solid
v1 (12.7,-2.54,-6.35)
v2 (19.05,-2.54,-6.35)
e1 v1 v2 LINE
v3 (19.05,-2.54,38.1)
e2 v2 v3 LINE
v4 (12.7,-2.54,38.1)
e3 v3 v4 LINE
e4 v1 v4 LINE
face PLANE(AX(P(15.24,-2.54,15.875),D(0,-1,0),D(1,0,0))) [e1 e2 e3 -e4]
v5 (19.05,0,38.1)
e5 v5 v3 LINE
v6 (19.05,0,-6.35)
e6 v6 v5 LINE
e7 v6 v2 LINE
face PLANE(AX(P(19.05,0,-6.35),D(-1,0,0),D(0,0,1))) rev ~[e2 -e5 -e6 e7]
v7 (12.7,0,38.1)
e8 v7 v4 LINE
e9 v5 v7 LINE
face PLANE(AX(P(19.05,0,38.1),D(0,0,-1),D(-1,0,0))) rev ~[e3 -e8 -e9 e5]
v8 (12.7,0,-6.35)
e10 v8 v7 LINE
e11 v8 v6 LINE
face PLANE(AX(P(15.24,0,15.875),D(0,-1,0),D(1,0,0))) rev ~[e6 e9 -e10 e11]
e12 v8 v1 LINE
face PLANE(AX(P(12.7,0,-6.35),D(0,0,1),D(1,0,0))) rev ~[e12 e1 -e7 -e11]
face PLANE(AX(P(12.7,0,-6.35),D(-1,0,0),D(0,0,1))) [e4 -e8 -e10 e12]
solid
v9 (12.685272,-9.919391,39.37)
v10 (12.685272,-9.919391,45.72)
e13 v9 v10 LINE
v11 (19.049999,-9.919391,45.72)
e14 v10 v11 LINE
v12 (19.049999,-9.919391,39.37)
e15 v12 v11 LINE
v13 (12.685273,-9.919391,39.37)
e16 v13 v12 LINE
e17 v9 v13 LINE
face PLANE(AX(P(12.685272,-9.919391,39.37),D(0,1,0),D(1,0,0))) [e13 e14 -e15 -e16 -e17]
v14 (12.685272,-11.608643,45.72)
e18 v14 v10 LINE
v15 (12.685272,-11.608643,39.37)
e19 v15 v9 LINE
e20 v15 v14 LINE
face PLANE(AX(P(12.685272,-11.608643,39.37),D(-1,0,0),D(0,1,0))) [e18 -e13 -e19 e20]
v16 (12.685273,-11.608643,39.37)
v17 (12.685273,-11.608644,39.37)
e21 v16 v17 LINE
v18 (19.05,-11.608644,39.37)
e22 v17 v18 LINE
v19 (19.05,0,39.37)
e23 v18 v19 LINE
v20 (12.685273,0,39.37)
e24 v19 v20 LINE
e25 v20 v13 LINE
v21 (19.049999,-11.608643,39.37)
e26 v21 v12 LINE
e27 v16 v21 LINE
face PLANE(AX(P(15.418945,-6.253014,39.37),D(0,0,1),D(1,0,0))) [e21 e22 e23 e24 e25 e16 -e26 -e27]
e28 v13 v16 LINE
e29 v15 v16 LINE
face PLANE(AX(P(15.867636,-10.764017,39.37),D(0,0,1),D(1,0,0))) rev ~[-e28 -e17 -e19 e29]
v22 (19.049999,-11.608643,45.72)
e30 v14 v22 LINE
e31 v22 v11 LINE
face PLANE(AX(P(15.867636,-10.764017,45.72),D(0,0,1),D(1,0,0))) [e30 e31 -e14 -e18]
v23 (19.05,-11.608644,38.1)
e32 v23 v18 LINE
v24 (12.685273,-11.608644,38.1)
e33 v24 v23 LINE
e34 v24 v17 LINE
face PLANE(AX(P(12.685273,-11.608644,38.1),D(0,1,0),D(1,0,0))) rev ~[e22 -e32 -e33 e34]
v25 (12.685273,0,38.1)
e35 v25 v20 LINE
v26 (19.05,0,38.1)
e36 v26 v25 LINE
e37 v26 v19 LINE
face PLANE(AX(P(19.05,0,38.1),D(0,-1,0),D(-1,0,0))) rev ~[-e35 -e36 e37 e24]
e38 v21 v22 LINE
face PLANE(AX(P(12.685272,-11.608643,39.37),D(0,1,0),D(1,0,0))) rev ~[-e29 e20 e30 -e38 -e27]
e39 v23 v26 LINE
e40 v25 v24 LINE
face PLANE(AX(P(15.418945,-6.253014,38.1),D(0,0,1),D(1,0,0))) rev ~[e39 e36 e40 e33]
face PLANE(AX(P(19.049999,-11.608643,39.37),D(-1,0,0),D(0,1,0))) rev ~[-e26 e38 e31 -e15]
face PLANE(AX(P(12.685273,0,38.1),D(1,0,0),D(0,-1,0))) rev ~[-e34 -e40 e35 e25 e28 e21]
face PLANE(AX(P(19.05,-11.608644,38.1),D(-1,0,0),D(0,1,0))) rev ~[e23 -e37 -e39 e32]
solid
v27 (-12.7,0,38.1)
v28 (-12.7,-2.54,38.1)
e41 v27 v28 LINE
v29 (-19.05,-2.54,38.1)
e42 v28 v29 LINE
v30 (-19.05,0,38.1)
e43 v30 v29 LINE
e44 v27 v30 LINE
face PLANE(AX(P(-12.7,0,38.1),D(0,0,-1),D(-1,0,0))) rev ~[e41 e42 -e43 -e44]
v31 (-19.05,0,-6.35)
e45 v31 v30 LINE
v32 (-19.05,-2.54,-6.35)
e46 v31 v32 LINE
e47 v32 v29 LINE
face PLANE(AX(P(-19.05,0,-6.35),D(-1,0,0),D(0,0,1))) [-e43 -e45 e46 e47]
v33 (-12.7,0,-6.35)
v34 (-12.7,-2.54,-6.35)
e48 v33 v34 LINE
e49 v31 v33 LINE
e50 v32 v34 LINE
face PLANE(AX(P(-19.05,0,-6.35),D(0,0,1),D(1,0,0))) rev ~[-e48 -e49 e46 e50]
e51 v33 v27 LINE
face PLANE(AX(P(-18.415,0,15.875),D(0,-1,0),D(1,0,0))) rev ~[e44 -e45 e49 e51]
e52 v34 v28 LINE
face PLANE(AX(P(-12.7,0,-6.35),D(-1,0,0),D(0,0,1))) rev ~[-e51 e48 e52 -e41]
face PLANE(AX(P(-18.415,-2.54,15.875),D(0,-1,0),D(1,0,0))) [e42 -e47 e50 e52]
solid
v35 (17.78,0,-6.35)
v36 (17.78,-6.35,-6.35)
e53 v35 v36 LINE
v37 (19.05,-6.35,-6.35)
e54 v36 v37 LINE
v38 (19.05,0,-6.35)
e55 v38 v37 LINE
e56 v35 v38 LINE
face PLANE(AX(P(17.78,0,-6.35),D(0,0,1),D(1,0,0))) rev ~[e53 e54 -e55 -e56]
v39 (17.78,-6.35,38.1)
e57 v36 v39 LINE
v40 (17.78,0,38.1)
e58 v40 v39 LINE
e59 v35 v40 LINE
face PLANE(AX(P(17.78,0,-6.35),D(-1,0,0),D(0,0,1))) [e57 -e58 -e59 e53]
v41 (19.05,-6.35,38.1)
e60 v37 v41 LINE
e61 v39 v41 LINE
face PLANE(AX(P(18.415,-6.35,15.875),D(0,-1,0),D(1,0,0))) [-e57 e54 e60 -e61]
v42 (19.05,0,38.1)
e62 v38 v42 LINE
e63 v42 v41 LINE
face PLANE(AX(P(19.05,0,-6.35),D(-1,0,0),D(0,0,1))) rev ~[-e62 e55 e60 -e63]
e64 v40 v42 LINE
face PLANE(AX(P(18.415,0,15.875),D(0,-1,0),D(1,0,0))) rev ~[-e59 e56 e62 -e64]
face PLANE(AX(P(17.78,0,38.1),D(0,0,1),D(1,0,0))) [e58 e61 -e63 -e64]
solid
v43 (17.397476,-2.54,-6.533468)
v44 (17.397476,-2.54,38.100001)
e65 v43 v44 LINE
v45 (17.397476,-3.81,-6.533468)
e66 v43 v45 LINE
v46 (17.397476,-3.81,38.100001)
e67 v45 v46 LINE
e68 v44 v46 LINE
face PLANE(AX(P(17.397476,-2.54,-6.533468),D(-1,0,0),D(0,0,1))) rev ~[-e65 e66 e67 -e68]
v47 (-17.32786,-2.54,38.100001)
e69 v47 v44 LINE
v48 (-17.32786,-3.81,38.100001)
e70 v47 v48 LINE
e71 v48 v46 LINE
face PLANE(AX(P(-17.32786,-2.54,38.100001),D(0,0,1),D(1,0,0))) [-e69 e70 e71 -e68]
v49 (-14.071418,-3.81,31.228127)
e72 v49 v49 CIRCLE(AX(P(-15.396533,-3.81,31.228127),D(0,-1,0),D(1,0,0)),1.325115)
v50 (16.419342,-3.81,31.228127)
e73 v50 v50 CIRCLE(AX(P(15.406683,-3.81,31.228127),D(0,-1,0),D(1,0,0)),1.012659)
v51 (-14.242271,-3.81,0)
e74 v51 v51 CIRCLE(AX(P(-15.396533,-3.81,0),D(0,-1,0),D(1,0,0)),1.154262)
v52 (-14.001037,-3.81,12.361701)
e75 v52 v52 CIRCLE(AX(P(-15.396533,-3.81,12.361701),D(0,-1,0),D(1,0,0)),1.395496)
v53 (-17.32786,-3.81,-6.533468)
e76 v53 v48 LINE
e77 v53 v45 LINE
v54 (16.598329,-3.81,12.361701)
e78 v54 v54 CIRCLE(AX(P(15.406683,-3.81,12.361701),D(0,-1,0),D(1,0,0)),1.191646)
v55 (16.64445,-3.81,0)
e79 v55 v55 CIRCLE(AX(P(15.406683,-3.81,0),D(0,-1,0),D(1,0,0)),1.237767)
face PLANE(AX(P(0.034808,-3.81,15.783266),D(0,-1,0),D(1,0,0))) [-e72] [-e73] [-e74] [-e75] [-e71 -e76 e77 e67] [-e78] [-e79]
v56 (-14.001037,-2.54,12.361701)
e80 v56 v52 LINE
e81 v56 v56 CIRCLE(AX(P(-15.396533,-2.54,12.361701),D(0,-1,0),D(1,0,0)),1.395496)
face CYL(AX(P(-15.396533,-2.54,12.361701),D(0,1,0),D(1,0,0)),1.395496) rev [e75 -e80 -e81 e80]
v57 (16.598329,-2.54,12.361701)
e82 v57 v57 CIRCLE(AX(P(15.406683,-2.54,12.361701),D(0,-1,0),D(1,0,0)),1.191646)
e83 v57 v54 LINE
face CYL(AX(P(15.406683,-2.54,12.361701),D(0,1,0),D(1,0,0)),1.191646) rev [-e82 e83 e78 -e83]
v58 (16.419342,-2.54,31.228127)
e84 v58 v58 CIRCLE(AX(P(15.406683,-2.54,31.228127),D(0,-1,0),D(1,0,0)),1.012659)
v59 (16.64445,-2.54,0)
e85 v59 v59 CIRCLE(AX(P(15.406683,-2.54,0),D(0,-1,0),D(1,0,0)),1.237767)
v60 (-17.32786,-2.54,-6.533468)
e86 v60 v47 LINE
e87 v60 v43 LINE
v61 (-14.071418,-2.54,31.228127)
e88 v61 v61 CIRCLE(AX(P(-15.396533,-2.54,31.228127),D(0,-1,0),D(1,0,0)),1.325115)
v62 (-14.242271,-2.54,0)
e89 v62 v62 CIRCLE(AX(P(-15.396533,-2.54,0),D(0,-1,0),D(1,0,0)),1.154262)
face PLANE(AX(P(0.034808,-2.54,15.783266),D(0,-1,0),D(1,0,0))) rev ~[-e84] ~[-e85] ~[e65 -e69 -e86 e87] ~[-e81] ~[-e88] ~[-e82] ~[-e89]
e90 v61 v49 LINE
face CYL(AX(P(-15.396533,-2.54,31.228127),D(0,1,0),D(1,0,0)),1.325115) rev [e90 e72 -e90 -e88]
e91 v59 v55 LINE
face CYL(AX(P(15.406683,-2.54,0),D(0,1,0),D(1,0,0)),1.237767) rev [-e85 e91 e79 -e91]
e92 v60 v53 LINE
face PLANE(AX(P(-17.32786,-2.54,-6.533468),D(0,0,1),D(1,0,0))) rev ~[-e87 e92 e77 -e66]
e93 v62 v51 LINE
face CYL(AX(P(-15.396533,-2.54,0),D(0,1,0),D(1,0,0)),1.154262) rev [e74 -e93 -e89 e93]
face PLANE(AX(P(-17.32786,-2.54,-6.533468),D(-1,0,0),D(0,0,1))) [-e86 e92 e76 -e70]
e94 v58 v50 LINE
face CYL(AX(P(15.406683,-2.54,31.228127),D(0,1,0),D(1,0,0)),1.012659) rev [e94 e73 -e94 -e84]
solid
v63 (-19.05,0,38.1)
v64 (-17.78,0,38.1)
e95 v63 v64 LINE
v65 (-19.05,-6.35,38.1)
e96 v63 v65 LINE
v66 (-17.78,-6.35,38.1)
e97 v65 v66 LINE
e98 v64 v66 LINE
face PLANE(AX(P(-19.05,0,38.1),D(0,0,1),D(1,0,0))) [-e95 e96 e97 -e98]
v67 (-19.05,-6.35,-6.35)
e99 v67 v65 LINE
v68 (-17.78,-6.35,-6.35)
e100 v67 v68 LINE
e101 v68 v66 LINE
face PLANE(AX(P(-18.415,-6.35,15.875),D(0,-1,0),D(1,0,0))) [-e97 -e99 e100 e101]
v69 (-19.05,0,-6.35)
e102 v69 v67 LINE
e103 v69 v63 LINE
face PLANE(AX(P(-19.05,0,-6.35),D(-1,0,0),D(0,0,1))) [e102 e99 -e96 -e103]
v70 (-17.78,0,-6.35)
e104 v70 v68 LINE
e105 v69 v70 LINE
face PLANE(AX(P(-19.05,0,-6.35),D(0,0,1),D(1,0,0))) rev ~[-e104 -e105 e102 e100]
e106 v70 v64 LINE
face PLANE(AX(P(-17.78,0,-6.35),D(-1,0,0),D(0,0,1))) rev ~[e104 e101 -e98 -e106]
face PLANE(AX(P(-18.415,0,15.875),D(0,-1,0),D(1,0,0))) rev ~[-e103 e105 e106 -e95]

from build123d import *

# Parameters (mm, degrees)
F0_W     = 1.27
F0_H     = 44.45
F1_DEPTH = 6.35
F0_W_2   = 5.08
F2_DEPTH = 2.54
F3_W     = 34.725336
F3_H     = 44.633469
F3_R     = 1.154262
F3_R_2   = 1.395496
F3_R_3   = 1.237767
F3_R_4   = 1.191646
F3_R_5   = 1.325115
F3_R_6   = 1.012659
F4_DEPTH = 1.27
F5_W     = 6.35
F5_H     = 2.54
F6_DEPTH = 1.27
F7_W     = 6.364727
F7_H     = 1.689253
F8_DEPTH = 6.35


with BuildPart() as f1:
    # F0 (on Front) → F1 (new body)
    with BuildSketch(Plane.XZ):
        with Locations((-18.415, 15.875)):
            Rectangle(F0_W, F0_H)
        with Locations((18.415, 15.875)):
            Rectangle(F0_W, F0_H)
    extrude(amount=F1_DEPTH)


with BuildPart() as f2:
    # F0 (on Front) → F2 (new body)
    with BuildSketch(Plane.XZ):
        with Locations((-18.415, 15.875)):
            Rectangle(F0_W, F0_H)
        with Locations((-15.24, 15.875)):
            Rectangle(F0_W_2, F0_H)
        with Locations((15.24, 15.875)):
            Rectangle(F0_W_2, F0_H)
        with Locations((18.415, 15.875)):
            Rectangle(F0_W, F0_H)
    extrude(amount=F2_DEPTH)


with BuildPart() as f4:
    # F3 (on face) → F4 (new body)
    with BuildSketch(Plane.XZ.offset(2.54)):
        with Locations((0.034808, 15.783266)):
            Rectangle(F3_W, F3_H)
        with Locations((-15.396533, 0)):
            Circle(F3_R, mode=Mode.SUBTRACT)
        with Locations((-15.396533, 12.361701)):
            Circle(F3_R_2, mode=Mode.SUBTRACT)
        with Locations((15.406683, 0)):
            Circle(F3_R_3, mode=Mode.SUBTRACT)
        with Locations((15.406683, 12.361701)):
            Circle(F3_R_4, mode=Mode.SUBTRACT)
        with Locations((-15.396533, 31.228127)):
            Circle(F3_R_5, mode=Mode.SUBTRACT)
        with Locations((15.406683, 31.228127)):
            Circle(F3_R_6, mode=Mode.SUBTRACT)
    extrude(amount=F4_DEPTH)


with BuildPart() as f6:
    # F5 (on face) → F6 (new body)
    with BuildSketch(Plane.XY.offset(38.1)):
        Polygon((12.7, -2.54), (12.7, 0), (12.685273, 0), (12.685273, -11.608644), (19.05, -11.608644), (19.05, -2.54), align=None)
        with Locations((15.875, -1.27)):
            Rectangle(F5_W, F5_H)
    extrude(amount=F6_DEPTH)

    # F7 (on face) → F8 (join)
    with BuildSketch(Plane.XY.offset(39.37)):
        with Locations((15.867636, -10.764017)):
            Rectangle(F7_W, F7_H)
    extrude(amount=F8_DEPTH)


solid = Compound([f1.part, f2.part, f4.part, f6.part])
